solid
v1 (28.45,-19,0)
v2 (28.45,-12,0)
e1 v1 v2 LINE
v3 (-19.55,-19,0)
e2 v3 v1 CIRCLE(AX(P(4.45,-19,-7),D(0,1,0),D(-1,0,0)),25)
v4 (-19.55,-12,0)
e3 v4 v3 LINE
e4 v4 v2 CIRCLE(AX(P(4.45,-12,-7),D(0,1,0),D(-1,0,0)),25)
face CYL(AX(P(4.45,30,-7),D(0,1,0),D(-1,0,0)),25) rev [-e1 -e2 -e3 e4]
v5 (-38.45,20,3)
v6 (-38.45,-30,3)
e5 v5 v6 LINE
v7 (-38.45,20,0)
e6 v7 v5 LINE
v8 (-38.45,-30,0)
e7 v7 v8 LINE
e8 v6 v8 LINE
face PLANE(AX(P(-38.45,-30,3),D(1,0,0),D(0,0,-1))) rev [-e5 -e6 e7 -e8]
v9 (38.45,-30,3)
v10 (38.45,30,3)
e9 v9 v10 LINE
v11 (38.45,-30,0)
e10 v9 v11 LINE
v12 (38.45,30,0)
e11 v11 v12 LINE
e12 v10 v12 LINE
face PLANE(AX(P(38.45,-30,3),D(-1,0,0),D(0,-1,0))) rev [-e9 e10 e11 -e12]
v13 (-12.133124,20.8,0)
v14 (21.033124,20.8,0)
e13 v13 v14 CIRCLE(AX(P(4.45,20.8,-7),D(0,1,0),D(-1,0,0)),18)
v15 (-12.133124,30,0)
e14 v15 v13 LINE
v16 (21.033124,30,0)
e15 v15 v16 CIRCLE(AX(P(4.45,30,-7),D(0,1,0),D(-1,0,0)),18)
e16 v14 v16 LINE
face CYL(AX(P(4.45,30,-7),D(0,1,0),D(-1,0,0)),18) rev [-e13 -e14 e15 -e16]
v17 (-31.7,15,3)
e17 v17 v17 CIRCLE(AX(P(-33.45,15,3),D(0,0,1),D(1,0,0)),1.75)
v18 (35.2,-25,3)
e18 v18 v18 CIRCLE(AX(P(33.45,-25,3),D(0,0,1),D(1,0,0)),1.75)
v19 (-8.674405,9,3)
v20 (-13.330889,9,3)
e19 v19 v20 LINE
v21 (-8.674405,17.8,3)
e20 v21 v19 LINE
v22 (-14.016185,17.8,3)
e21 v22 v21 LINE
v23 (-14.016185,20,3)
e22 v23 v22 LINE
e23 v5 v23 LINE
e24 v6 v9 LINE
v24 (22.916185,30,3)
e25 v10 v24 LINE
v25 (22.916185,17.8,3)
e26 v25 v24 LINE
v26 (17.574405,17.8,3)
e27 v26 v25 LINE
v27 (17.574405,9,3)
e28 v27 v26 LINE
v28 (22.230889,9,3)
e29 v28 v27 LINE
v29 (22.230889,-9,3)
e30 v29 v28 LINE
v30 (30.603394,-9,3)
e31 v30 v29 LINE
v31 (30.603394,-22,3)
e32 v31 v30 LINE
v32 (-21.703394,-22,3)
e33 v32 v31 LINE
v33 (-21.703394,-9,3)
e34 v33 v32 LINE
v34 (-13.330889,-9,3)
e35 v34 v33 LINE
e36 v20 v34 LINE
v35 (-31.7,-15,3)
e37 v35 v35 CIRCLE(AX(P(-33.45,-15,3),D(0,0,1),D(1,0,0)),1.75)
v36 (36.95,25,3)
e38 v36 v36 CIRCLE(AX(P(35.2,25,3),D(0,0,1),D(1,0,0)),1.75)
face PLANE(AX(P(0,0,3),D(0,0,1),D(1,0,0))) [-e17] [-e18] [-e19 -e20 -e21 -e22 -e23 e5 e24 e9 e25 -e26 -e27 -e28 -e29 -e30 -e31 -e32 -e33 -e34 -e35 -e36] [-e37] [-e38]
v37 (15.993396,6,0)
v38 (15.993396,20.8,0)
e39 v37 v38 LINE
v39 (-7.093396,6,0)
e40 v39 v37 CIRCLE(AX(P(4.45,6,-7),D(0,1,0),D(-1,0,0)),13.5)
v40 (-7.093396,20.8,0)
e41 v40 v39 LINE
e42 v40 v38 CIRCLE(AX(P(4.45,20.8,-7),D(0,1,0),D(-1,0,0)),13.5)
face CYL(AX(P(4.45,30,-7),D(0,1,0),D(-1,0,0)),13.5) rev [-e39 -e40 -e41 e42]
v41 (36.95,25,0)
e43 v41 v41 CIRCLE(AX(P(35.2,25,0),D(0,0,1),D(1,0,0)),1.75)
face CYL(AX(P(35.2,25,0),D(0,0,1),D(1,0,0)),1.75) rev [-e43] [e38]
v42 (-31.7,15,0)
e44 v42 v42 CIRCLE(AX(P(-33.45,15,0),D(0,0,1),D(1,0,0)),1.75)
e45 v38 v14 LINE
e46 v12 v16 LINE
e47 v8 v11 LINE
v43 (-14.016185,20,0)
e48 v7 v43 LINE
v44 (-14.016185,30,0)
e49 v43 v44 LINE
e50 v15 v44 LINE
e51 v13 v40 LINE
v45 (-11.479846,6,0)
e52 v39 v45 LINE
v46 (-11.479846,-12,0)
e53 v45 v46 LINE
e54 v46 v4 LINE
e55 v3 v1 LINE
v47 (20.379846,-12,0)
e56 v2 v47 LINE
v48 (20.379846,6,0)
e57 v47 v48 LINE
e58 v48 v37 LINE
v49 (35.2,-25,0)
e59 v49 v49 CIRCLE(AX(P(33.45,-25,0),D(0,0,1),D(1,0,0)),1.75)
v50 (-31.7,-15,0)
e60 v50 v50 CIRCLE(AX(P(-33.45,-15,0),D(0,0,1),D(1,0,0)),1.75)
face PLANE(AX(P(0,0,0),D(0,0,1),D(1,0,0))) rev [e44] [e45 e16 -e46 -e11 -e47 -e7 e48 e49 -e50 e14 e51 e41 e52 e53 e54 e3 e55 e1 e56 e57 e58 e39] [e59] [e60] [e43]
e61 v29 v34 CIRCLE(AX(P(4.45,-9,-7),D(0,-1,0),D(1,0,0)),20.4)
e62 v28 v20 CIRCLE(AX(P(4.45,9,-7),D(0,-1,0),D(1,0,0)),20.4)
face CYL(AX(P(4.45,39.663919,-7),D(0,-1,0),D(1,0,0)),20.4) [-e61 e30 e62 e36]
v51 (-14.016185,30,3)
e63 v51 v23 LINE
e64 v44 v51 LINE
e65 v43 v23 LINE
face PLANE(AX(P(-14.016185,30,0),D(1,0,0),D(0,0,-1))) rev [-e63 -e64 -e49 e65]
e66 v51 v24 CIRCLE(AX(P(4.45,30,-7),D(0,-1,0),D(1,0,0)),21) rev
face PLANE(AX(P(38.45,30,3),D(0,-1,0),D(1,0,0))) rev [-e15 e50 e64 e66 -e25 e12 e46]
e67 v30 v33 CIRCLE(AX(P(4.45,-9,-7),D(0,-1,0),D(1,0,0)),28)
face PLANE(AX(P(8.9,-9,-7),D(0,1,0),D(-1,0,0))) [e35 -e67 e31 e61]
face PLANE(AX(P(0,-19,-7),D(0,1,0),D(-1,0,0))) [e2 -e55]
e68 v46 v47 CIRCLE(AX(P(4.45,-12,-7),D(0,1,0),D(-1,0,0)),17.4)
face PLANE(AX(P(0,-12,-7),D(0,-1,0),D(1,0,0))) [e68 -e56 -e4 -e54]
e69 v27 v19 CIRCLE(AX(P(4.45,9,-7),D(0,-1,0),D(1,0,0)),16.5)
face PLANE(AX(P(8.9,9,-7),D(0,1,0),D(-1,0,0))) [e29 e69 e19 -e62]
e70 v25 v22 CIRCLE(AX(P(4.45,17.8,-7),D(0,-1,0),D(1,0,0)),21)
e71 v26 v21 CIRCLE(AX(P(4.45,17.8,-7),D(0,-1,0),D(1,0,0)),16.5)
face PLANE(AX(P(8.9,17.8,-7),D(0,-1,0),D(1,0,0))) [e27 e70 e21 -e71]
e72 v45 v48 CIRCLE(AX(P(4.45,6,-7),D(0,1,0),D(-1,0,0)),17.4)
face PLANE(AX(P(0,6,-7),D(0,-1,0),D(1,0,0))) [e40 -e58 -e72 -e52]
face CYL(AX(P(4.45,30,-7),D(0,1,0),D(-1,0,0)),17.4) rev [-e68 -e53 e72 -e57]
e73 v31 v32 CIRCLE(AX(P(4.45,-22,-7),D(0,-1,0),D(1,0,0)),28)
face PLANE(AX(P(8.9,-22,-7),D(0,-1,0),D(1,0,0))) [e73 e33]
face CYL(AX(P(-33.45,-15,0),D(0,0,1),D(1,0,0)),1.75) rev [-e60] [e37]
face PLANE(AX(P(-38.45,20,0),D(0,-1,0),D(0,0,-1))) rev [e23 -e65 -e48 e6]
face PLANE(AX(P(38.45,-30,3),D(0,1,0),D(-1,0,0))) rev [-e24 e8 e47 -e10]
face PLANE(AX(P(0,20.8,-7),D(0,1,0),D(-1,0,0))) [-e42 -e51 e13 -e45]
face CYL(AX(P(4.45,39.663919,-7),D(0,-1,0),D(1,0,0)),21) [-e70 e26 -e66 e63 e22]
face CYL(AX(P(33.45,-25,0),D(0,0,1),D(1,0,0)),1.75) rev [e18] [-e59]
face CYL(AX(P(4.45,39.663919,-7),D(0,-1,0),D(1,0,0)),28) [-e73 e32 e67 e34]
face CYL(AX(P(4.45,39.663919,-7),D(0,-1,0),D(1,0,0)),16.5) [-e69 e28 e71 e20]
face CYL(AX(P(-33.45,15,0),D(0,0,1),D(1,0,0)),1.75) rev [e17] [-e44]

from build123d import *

# Parameters (mm, degrees)
SCHIZZO1_W                   = 76.9
SCHIZZO1_H                   = 60
ESTRUSIONE_ESTRUSIONE1_DEPTH = 3
RIVOLUZIONE2_ANGLE           = 180
SCHIZZO3_W                   = 82.857519441
SCHIZZO3_H                   = 19.07586099
TAGLIO_ESTRUSIONE1_DEPTH     = 87.921415247
SCHIZZO8_W                   = 15.498915434
SCHIZZO8_H                   = 3
SCHIZZO5_W                   = 31.459803045
SCHIZZO5_H                   = 71.75772661
TAGLIO_ESTRUSIONE2_DEPTH     = 86.17399838
SCHIZZO6_W                   = 24.433814687
SCHIZZO6_H                   = 10
TAGLIO_ESTRUSIONE3_DEPTH     = 52.984637154
SCHIZZO7_R                   = 1.75
TAGLIO_ESTRUSIONE4_DEPTH     = 52.984637154


with BuildPart() as part:
    # Schizzo1 → Estrusione-Estrusione1 (new body)
    with BuildSketch(Plane.XY):
        Rectangle(SCHIZZO1_W, SCHIZZO1_H)
    extrude(amount=ESTRUSIONE_ESTRUSIONE1_DEPTH)

    # Schizzo2 → Rivoluzione2 (revolve)
    with BuildSketch(Plane(origin=(0, 0, -7), x_dir=(-1, 0, 0), z_dir=(0, 0, -1))):
        Polygon((-1.948915434, 34.651441941), (-1.948915434, -22), (23.55, -22), (23.55, -9), (15.95, -9), (15.95, 9), (12.05, 9), (12.05, 17.8), (16.55, 17.8), (16.55, 34.651441941), align=None)
    revolve(axis=Axis((4.45, 39.663918646, -7), (0, 1, 0)), revolution_arc=RIVOLUZIONE2_ANGLE)

    # Schizzo3 → Taglio-Estrusione1 (cut, through all)
    with BuildSketch(Plane(origin=(38.45, 0, 0), x_dir=(0, 0, -1), z_dir=(1, 0, 0))):
        with Locations((-0.84285559, 39.537930495)):
            Rectangle(SCHIZZO3_W, SCHIZZO3_H)
    extrude(amount=-TAGLIO_ESTRUSIONE1_DEPTH, mode=Mode.SUBTRACT)

    # Schizzo8 → Taglia-Rivoluzione1 (revolve, cut)
    with BuildSketch(Plane(origin=(0, 0, -7), x_dir=(-1, 0, 0), z_dir=(0, 0, -1))):
        Polygon((13.55, 20.8), (13.55, 27), (-1.948915434, 27), (-1.948915434, -19), (20.55, -19), (20.55, -12), (12.95, -12), (12.95, 6), (9.05, 6), (9.05, 20.8), align=None)
        with Locations((5.800542283, 28.5)):
            Rectangle(SCHIZZO8_W, SCHIZZO8_H)
    revolve(axis=Axis((4.45, 30, -7), (0, -1, 0)), mode=Mode.SUBTRACT)

    # Schizzo5 → Taglio-Estrusione2 (cut, through all)
    with BuildSketch(Plane(origin=(38.45, 0, 0), x_dir=(0, 0, -1), z_dir=(1, 0, 0))):
        with Locations((15.729901523, 13.341257692)):
            Rectangle(SCHIZZO5_W, SCHIZZO5_H)
    extrude(amount=-TAGLIO_ESTRUSIONE2_DEPTH, mode=Mode.SUBTRACT)

    # Schizzo6 → Taglio-Estrusione3 (cut, through all)
    with BuildSketch(Plane.XY.offset(3)):
        with Locations((-26.233092657, 25)):
            Rectangle(SCHIZZO6_W, SCHIZZO6_H)
    extrude(amount=-TAGLIO_ESTRUSIONE3_DEPTH, mode=Mode.SUBTRACT)

    # Schizzo7 → Taglio-Estrusione4 (cut, through all)
    with BuildSketch(Plane.XY.offset(3)):
        with Locations((-33.45, 15)):
            Circle(SCHIZZO7_R)
        with Locations((-33.45, -15)):
            Circle(SCHIZZO7_R)
        with Locations((33.45, -25)):
            Circle(SCHIZZO7_R)
        with Locations((35.2, 25)):
            Circle(SCHIZZO7_R)
    extrude(amount=-TAGLIO_ESTRUSIONE4_DEPTH, mode=Mode.SUBTRACT)


solid = part.part
